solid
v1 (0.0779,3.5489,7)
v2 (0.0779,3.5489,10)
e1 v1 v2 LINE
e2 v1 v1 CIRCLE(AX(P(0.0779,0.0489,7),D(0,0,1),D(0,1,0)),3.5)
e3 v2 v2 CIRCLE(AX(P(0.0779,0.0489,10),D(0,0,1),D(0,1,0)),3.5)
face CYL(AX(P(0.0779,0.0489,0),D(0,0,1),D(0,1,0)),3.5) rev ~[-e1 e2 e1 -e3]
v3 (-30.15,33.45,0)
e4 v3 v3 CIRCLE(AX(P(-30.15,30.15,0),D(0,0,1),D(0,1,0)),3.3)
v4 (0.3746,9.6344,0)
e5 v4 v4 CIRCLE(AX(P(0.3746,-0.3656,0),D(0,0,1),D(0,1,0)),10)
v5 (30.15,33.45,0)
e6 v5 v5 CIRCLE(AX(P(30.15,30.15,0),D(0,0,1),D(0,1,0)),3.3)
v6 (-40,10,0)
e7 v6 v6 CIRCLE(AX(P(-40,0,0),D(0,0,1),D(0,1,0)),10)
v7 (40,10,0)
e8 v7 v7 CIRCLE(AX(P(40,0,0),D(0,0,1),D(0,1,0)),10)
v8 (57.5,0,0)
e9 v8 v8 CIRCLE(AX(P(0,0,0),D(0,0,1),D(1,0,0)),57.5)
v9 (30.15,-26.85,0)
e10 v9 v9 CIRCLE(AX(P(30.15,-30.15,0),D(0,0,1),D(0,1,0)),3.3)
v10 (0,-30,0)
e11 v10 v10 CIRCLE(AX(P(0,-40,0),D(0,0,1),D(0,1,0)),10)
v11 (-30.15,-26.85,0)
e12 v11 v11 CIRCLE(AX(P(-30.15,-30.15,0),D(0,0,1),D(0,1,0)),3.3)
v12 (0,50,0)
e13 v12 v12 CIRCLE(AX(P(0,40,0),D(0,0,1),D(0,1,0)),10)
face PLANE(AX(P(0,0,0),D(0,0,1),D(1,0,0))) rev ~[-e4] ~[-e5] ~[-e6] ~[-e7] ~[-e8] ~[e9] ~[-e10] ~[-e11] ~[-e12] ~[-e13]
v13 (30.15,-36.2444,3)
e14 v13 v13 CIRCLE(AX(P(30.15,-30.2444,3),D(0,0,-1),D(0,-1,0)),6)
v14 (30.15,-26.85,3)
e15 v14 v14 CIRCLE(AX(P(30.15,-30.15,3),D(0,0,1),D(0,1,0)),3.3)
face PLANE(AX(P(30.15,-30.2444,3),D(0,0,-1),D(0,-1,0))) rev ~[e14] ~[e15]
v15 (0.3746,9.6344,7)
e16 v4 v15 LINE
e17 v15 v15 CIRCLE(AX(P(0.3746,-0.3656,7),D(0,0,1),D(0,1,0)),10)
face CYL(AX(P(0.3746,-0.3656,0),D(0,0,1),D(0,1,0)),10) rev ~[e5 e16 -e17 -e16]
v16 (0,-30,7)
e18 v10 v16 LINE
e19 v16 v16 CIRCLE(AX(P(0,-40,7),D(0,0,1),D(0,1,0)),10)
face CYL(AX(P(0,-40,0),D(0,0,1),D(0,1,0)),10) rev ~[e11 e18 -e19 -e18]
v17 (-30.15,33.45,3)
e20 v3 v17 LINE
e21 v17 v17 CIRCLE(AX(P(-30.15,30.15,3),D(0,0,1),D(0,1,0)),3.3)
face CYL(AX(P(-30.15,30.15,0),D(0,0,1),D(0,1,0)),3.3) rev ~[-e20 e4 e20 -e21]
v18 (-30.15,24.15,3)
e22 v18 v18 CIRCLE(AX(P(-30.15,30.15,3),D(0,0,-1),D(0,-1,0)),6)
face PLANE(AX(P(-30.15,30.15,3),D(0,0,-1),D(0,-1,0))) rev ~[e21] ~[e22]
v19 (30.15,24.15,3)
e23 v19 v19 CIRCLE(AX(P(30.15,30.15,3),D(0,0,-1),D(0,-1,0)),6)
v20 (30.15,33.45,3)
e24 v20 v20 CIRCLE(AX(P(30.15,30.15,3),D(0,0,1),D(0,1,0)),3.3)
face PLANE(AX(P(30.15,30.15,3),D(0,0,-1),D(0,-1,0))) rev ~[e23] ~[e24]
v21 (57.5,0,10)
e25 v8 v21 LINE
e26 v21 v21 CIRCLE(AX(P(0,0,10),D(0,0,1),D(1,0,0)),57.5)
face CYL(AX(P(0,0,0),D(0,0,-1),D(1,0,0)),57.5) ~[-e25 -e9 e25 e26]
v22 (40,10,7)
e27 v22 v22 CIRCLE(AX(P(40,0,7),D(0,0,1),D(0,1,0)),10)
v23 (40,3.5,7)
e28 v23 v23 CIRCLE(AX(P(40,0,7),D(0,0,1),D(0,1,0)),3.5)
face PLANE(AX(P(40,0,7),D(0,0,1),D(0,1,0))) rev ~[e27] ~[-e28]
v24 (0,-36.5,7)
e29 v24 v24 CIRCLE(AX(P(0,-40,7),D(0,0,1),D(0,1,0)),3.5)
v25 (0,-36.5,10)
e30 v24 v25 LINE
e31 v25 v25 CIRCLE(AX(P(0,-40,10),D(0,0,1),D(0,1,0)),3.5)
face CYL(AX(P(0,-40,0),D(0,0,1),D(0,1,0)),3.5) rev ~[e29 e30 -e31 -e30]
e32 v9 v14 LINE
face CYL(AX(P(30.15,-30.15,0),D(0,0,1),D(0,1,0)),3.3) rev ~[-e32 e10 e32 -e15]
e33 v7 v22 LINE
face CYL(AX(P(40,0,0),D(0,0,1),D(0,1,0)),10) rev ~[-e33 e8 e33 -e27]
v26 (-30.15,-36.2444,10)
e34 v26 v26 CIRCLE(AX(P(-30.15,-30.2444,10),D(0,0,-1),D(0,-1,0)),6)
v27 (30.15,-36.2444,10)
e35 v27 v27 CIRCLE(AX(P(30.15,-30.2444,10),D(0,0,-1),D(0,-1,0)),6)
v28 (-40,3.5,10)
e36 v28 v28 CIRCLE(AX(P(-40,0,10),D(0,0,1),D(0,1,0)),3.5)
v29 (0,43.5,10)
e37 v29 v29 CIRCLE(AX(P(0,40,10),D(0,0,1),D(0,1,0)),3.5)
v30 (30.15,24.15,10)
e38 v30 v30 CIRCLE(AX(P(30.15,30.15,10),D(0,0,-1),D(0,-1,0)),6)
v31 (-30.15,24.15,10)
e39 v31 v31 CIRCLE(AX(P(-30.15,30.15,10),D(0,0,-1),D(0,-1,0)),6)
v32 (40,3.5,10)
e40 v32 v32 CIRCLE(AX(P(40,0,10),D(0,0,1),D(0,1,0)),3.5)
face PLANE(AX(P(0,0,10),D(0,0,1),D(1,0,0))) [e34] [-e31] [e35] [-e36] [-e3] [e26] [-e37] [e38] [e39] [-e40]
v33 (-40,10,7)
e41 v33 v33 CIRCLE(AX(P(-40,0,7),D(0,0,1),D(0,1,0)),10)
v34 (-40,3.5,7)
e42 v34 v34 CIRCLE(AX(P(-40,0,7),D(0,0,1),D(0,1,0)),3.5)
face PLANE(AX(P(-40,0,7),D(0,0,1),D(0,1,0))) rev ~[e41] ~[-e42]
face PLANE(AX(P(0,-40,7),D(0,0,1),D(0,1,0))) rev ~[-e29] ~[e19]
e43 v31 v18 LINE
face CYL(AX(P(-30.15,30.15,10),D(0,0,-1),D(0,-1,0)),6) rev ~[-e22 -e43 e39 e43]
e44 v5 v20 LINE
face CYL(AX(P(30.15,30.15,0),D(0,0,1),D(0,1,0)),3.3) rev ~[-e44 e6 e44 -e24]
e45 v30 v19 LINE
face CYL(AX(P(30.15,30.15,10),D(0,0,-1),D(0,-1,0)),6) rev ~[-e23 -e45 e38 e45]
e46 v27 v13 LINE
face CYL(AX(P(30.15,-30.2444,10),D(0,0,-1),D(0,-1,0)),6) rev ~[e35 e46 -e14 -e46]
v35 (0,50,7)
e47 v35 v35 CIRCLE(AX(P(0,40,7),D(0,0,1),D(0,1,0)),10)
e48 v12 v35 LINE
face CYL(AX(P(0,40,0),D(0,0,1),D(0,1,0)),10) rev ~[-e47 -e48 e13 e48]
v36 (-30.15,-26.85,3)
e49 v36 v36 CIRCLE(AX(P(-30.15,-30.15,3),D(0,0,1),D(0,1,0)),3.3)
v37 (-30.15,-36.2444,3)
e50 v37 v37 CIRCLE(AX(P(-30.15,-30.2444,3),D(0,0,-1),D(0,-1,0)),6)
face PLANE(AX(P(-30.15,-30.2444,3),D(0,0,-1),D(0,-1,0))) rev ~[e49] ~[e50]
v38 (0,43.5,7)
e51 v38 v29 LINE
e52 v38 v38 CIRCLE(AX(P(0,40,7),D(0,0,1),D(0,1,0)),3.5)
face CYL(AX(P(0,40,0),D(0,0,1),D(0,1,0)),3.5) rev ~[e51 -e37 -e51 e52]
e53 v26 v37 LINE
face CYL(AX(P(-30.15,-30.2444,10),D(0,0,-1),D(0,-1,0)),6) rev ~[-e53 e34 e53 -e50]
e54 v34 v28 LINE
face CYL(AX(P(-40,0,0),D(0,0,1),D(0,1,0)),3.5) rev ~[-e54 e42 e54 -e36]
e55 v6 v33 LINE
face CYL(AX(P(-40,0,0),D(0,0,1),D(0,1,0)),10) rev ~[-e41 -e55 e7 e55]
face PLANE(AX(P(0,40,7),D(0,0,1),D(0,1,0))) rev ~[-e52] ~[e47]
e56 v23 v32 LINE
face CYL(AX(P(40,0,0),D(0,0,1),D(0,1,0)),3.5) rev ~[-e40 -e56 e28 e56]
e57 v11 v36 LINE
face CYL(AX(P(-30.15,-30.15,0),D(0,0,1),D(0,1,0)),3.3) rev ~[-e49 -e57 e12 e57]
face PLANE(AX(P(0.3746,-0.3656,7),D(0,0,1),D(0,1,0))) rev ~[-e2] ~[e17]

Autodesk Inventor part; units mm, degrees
ref_plane "YZ Plane" through (0, 0, 0) normal (1, 0, 0) x (0, 1, 0)
ref_plane "XZ Plane" through (0, 0, 0) normal (0, 1, 0) x (-1, 0, 0)
ref_plane "XY Plane" through (0, 0, 0) normal (0, 0, 1) x (1, 0, 0)
sketch "Sketch1" plane through (0, 0, 0) normal (0, 0, 1) x (1, 0, 0)
  line L0 (40, -40) -> (-40, -40)
  line L1 (-40, -40) -> (-40, 40)
  line L2 (-40, 40) -> (40, 40)
  line L3 (40, 40) -> (40, -40)
  line L4 (40, -40) -> (-40, 40) construction
  line L5 (-40, -40) -> (40, 40) construction
  circle A0 centre (0, 0) radius 57.5
  dimension "d0" = 80
  dimension "d72" = 115
extrude "Extrusion1" add sketch "Sketch1" along normal blind 10 contours L0 L1 L2 L3 | A0
sketch "Sketch2" plane through (0, 0, 0) normal (0, 0, -1) x (-1, 0, 0)
  arc A0 (40, 37) -> (37, 40) centre (37, 37) ccw
  line L0 (30.15, -30.15) -> (-30.15, -30.15)
  line L1 (-30.15, -30.15) -> (-30.15, 30.15)
  line L2 (-30.15, 30.15) -> (30.15, 30.15)
  line L3 (30.15, 30.15) -> (30.15, -30.15)
  line L4 (30.15, -30.15) -> (-30.15, 30.15) construction
  line L5 (-30.15, -30.15) -> (30.15, 30.15) construction
  circle A1 centre (-30.15, 30.15) radius 4.75
  circle A2 centre (30.15, 30.15) radius 4.75
  circle A3 centre (30.15, -30.15) radius 4.75
  circle A4 centre (-30.15, -30.15) radius 4.75
  point P0 (0, 0)
  point P1 (39.1213, 39.1213)
  dimension "d32" = 60.3
  dimension "d33" = 9.5
hole "Hole3" at (30.15, -30.15, 0) at (30.15, 30.15, 0) at (-30.15, 30.15, 0) at (-30.15, -30.15, 0) direction (0, 0, 1) diameter 6.6 end through all
sketch "Sketch3" plane through (0, 0, 0) normal (0, 0, -1) x (-1, 0, 0)
  circle A0 centre (0, 0) radius 40
  circle A1 centre (0, 40) radius 2.5
  circle A2 centre (40, 0) radius 2.5
  circle A3 centre (0, -40) radius 2.5
  circle A4 centre (-40, 0) radius 2.5
  circle A5 centre (-0.0779, 0.0489) radius 2.5
  dimension "d12" = 5
  dimension "d60" = 80
  dimension "d74" = 5
hole "Hole1" at (40, 0, 0) at (0, 40, 0) at (0, -40, 0) at (-40, 0, 0) at (0.0779, 0.0489, 0) direction (0, 0, 1) diameter 7 end through all
sketch "Sketch8" plane through (0, 0, 0) normal (0, 0, -1) x (-1, 0, 0)
  circle A0 centre (0, 0) radius 40
  circle A1 centre (0, 40) radius 12.0233
  circle A2 centre (40, 0) radius 12.001
  circle A3 centre (-40, 0) radius 12.185
  circle A4 centre (0, -40) radius 12.001
  circle A5 centre (-0.3746, -0.3656) radius 12.0233
  dimension "d61" = 80
hole "Hole4" at (-40, 0, 0) at (0, 40, 0) at (40, 0, 0) at (0, -40, 0) at (0.3746, -0.3656, 0) direction (0, 0, 1) diameter 20 depth 7
sketch "Sketch10" plane through (0, 0, 10) normal (0, 0, 1) x (1, 0, 0)
  circle A0 centre (30.15, 30.15) radius 3.3 projected
  circle A1 centre (30.15, 30.15) radius 6
  circle A2 centre (-30.15, 30.15) radius 3.3 projected
  circle A3 centre (-30.15, 30.15) radius 6
  circle A4 centre (-30.15, -30.2444) radius 6
  circle A5 centre (30.15, -30.2444) radius 6
  point P0 (0, 0)
  dimension "d63" = 12
hole "Hole5" at (-30.15, -30.2444, 10) at (30.15, -30.2444, 10) at (30.15, 30.15, 10) at (-30.15, 30.15, 10) direction (0, 0, -1) diameter 12 depth 7
properties part number "adaptor_spine_base"
